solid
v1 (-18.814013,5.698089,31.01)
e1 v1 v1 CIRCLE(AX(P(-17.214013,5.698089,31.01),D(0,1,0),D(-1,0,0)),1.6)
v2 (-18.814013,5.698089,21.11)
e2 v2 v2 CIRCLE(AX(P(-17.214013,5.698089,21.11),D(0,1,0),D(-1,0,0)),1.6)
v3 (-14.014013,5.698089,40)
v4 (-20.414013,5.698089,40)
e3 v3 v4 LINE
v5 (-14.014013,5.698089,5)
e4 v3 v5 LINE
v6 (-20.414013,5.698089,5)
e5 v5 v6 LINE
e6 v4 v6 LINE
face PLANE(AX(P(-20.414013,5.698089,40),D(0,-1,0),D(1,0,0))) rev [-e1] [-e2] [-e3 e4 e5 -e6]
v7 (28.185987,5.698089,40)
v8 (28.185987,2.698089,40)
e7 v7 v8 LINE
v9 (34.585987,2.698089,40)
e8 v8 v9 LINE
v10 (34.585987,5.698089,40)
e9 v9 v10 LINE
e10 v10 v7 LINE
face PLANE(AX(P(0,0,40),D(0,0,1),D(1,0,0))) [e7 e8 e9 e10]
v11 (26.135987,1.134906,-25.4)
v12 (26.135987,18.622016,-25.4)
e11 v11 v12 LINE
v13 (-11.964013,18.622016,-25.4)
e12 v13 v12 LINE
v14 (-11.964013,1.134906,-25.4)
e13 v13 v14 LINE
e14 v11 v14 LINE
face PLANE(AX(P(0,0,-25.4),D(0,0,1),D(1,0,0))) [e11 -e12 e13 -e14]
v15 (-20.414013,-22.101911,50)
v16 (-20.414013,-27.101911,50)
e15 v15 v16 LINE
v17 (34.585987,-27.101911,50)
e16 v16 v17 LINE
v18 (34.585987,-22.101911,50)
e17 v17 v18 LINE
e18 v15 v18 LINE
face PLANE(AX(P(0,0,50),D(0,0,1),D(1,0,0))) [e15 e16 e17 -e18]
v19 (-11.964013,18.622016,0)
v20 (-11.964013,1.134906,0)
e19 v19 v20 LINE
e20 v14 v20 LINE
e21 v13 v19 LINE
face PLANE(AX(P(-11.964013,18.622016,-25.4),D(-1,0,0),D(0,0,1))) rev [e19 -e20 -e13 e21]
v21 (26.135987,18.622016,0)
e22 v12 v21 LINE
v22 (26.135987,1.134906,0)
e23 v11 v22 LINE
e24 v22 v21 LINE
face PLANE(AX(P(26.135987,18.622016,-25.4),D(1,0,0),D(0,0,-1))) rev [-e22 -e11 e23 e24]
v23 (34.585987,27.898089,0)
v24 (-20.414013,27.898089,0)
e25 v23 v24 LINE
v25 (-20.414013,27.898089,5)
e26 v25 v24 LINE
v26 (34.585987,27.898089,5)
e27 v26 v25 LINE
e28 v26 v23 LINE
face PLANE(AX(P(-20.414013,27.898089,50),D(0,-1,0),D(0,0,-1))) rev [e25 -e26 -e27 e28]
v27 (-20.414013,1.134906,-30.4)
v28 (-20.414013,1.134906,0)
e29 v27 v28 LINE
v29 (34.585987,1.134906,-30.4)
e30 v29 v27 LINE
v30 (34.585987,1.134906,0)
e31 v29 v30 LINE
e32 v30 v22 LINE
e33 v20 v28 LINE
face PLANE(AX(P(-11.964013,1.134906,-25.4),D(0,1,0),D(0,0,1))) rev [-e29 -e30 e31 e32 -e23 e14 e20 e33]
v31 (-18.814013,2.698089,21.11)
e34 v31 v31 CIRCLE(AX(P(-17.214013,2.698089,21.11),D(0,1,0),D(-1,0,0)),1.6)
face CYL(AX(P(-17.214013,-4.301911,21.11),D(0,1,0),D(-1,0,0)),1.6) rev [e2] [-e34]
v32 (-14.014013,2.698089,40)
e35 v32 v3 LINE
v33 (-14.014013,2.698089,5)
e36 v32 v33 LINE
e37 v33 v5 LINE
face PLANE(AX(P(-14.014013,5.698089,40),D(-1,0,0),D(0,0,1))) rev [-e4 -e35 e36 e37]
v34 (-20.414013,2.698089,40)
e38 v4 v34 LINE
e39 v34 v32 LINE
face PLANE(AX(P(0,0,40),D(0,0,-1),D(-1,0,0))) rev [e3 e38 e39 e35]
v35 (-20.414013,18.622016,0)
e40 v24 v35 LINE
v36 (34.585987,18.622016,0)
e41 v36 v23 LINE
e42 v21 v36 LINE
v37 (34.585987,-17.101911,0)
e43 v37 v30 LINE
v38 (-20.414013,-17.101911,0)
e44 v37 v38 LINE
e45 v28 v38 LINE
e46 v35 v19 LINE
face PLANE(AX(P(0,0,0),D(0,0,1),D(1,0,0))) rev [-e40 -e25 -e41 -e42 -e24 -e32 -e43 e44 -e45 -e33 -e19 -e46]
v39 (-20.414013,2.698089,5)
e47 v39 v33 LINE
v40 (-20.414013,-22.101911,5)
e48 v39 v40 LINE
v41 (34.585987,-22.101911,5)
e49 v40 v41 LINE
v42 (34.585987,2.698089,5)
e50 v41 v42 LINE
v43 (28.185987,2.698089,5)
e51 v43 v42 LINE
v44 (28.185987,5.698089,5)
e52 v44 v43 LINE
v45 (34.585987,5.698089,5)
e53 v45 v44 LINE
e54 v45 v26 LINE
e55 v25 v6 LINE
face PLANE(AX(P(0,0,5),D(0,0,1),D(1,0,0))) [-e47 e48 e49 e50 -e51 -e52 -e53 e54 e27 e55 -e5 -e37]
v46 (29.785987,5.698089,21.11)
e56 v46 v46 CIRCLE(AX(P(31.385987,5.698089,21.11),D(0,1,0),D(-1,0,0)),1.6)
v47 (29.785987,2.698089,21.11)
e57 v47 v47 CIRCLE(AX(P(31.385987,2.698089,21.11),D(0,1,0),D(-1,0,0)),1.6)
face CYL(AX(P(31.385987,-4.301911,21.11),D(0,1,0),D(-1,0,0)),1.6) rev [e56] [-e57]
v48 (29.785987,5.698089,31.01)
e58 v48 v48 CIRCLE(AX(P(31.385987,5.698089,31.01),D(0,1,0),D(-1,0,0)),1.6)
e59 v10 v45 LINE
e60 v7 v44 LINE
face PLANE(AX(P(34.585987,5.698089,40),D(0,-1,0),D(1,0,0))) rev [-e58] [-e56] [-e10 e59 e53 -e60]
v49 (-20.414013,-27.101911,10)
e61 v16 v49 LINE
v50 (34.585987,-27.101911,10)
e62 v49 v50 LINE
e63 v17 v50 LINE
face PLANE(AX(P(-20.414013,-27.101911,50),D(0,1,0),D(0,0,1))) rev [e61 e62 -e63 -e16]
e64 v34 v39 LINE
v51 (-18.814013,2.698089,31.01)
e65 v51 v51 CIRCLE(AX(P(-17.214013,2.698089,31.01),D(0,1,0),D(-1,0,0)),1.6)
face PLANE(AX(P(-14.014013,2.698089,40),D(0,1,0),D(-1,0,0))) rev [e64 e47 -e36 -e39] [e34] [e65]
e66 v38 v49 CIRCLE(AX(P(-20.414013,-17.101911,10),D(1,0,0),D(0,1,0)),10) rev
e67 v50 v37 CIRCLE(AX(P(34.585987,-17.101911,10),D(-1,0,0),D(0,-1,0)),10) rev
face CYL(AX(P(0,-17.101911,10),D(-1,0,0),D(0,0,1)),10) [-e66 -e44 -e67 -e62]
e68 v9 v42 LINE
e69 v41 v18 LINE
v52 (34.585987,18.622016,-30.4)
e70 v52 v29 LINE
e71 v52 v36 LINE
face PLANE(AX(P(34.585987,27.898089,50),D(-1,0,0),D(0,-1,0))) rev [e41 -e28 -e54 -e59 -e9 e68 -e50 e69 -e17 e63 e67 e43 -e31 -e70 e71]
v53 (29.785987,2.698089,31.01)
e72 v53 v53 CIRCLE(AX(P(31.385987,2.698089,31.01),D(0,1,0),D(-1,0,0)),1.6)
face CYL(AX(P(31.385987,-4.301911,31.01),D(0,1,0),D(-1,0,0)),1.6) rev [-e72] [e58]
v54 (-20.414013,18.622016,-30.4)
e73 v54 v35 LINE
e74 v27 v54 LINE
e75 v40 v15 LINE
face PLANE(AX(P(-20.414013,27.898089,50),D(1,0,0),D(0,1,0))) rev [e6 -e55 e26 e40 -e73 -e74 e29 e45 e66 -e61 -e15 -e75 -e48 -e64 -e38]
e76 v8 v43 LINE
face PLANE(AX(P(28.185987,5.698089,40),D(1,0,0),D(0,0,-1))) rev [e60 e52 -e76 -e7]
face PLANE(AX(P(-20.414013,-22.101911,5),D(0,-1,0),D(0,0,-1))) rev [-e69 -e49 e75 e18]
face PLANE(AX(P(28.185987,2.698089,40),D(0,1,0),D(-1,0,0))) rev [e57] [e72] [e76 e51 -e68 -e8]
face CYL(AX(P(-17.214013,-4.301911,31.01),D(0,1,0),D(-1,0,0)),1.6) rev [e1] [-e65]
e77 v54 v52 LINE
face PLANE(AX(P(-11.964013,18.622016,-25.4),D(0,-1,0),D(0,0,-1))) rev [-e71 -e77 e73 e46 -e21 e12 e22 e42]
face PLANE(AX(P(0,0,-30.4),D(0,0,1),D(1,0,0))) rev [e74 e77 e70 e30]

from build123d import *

# Parameters (mm, degrees)
SKETCH1_W           = 55
SKETCH1_H           = 55
BOSS_EXTRUDE1_DEPTH = 50
SKETCH2_W           = 55
SKETCH2_H           = 50
CUT_EXTRUDE1_DEPTH  = 45
FILLET2_R           = 10
SKETCH3_W           = 6.4
SKETCH3_H           = 3
BOSS_EXTRUDE2_DEPTH = 35
SKETCH4_R           = 1.6
CUT_EXTRUDE2_DEPTH  = 10
SKETCH5_W           = 8.45
SKETCH5_H           = 17.487110786
BOSS_EXTRUDE3_DEPTH = 25.4
SKETCH6_W           = 55
SKETCH6_H           = 17.487110786
BOSS_EXTRUDE4_DEPTH = 5


with BuildPart() as part:
    # Sketch1 → Boss-Extrude1 (new body)
    with BuildSketch(Plane.XY):
        with Locations((7.085987261, 0.398089172)):
            Rectangle(SKETCH1_W, SKETCH1_H)
    extrude(amount=BOSS_EXTRUDE1_DEPTH)

    # Sketch2 → Cut-Extrude1 (cut)
    with BuildSketch(Plane.XY.offset(50)):
        with Locations((7.085987261, 2.898089172)):
            Rectangle(SKETCH2_W, SKETCH2_H)
    extrude(amount=-CUT_EXTRUDE1_DEPTH, mode=Mode.SUBTRACT)

    # Fillet2
    fillet2_edges = [part.edges().sort_by_distance(p)[0] for p in [
        (7.085987261, -27.101910828, 0),
    ]]
    fillet(fillet2_edges, radius=FILLET2_R)

    # Sketch3 → Boss-Extrude2 (add)
    with BuildSketch(Plane.XY.offset(5)):
        with Locations((-17.214012739, 4.198089172)):
            Rectangle(SKETCH3_W, SKETCH3_H)
        with Locations((31.385987261, 4.198089172)):
            Rectangle(SKETCH3_W, SKETCH3_H)
    extrude(amount=BOSS_EXTRUDE2_DEPTH)

    # Sketch4 → Cut-Extrude2 (cut)
    with BuildSketch(Plane(origin=(0, 5.698089172, 0), x_dir=(1, 0, 0), z_dir=(0, 1, 0))):
        with Locations(Location((-17.214012739, -21.11, 0), (0, 0, 180))):
            Circle(SKETCH4_R)
        with Locations(Location((-17.214012739, -31.01, 0), (0, 0, 180))):
            Circle(SKETCH4_R)
        with Locations(Location((31.385987261, -31.01, 0), (0, 0, 180))):
            Circle(SKETCH4_R)
        with Locations(Location((31.385987261, -21.11, 0), (0, 0, 180))):
            Circle(SKETCH4_R)
    extrude(amount=-CUT_EXTRUDE2_DEPTH, mode=Mode.SUBTRACT)

    # Sketch5 → Boss-Extrude3 (add)
    with BuildSketch(Plane(origin=(0, 0, 0), x_dir=(-1, 0, 0), z_dir=(0, 0, -1))):
        with Locations((-30.360987261, 9.878461031)):
            Rectangle(SKETCH5_W, SKETCH5_H)
        with Locations((16.189012739, 9.878461031)):
            Rectangle(SKETCH5_W, SKETCH5_H)
    extrude(amount=BOSS_EXTRUDE3_DEPTH)

    # Sketch6 → Boss-Extrude4 (add)
    with BuildSketch(Plane(origin=(0, 0, -25.4), x_dir=(-1, 0, 0), z_dir=(0, 0, -1))):
        with Locations((-7.085987261, 9.878461031)):
            Rectangle(SKETCH6_W, SKETCH6_H)
    extrude(amount=BOSS_EXTRUDE4_DEPTH)


solid = part.part
